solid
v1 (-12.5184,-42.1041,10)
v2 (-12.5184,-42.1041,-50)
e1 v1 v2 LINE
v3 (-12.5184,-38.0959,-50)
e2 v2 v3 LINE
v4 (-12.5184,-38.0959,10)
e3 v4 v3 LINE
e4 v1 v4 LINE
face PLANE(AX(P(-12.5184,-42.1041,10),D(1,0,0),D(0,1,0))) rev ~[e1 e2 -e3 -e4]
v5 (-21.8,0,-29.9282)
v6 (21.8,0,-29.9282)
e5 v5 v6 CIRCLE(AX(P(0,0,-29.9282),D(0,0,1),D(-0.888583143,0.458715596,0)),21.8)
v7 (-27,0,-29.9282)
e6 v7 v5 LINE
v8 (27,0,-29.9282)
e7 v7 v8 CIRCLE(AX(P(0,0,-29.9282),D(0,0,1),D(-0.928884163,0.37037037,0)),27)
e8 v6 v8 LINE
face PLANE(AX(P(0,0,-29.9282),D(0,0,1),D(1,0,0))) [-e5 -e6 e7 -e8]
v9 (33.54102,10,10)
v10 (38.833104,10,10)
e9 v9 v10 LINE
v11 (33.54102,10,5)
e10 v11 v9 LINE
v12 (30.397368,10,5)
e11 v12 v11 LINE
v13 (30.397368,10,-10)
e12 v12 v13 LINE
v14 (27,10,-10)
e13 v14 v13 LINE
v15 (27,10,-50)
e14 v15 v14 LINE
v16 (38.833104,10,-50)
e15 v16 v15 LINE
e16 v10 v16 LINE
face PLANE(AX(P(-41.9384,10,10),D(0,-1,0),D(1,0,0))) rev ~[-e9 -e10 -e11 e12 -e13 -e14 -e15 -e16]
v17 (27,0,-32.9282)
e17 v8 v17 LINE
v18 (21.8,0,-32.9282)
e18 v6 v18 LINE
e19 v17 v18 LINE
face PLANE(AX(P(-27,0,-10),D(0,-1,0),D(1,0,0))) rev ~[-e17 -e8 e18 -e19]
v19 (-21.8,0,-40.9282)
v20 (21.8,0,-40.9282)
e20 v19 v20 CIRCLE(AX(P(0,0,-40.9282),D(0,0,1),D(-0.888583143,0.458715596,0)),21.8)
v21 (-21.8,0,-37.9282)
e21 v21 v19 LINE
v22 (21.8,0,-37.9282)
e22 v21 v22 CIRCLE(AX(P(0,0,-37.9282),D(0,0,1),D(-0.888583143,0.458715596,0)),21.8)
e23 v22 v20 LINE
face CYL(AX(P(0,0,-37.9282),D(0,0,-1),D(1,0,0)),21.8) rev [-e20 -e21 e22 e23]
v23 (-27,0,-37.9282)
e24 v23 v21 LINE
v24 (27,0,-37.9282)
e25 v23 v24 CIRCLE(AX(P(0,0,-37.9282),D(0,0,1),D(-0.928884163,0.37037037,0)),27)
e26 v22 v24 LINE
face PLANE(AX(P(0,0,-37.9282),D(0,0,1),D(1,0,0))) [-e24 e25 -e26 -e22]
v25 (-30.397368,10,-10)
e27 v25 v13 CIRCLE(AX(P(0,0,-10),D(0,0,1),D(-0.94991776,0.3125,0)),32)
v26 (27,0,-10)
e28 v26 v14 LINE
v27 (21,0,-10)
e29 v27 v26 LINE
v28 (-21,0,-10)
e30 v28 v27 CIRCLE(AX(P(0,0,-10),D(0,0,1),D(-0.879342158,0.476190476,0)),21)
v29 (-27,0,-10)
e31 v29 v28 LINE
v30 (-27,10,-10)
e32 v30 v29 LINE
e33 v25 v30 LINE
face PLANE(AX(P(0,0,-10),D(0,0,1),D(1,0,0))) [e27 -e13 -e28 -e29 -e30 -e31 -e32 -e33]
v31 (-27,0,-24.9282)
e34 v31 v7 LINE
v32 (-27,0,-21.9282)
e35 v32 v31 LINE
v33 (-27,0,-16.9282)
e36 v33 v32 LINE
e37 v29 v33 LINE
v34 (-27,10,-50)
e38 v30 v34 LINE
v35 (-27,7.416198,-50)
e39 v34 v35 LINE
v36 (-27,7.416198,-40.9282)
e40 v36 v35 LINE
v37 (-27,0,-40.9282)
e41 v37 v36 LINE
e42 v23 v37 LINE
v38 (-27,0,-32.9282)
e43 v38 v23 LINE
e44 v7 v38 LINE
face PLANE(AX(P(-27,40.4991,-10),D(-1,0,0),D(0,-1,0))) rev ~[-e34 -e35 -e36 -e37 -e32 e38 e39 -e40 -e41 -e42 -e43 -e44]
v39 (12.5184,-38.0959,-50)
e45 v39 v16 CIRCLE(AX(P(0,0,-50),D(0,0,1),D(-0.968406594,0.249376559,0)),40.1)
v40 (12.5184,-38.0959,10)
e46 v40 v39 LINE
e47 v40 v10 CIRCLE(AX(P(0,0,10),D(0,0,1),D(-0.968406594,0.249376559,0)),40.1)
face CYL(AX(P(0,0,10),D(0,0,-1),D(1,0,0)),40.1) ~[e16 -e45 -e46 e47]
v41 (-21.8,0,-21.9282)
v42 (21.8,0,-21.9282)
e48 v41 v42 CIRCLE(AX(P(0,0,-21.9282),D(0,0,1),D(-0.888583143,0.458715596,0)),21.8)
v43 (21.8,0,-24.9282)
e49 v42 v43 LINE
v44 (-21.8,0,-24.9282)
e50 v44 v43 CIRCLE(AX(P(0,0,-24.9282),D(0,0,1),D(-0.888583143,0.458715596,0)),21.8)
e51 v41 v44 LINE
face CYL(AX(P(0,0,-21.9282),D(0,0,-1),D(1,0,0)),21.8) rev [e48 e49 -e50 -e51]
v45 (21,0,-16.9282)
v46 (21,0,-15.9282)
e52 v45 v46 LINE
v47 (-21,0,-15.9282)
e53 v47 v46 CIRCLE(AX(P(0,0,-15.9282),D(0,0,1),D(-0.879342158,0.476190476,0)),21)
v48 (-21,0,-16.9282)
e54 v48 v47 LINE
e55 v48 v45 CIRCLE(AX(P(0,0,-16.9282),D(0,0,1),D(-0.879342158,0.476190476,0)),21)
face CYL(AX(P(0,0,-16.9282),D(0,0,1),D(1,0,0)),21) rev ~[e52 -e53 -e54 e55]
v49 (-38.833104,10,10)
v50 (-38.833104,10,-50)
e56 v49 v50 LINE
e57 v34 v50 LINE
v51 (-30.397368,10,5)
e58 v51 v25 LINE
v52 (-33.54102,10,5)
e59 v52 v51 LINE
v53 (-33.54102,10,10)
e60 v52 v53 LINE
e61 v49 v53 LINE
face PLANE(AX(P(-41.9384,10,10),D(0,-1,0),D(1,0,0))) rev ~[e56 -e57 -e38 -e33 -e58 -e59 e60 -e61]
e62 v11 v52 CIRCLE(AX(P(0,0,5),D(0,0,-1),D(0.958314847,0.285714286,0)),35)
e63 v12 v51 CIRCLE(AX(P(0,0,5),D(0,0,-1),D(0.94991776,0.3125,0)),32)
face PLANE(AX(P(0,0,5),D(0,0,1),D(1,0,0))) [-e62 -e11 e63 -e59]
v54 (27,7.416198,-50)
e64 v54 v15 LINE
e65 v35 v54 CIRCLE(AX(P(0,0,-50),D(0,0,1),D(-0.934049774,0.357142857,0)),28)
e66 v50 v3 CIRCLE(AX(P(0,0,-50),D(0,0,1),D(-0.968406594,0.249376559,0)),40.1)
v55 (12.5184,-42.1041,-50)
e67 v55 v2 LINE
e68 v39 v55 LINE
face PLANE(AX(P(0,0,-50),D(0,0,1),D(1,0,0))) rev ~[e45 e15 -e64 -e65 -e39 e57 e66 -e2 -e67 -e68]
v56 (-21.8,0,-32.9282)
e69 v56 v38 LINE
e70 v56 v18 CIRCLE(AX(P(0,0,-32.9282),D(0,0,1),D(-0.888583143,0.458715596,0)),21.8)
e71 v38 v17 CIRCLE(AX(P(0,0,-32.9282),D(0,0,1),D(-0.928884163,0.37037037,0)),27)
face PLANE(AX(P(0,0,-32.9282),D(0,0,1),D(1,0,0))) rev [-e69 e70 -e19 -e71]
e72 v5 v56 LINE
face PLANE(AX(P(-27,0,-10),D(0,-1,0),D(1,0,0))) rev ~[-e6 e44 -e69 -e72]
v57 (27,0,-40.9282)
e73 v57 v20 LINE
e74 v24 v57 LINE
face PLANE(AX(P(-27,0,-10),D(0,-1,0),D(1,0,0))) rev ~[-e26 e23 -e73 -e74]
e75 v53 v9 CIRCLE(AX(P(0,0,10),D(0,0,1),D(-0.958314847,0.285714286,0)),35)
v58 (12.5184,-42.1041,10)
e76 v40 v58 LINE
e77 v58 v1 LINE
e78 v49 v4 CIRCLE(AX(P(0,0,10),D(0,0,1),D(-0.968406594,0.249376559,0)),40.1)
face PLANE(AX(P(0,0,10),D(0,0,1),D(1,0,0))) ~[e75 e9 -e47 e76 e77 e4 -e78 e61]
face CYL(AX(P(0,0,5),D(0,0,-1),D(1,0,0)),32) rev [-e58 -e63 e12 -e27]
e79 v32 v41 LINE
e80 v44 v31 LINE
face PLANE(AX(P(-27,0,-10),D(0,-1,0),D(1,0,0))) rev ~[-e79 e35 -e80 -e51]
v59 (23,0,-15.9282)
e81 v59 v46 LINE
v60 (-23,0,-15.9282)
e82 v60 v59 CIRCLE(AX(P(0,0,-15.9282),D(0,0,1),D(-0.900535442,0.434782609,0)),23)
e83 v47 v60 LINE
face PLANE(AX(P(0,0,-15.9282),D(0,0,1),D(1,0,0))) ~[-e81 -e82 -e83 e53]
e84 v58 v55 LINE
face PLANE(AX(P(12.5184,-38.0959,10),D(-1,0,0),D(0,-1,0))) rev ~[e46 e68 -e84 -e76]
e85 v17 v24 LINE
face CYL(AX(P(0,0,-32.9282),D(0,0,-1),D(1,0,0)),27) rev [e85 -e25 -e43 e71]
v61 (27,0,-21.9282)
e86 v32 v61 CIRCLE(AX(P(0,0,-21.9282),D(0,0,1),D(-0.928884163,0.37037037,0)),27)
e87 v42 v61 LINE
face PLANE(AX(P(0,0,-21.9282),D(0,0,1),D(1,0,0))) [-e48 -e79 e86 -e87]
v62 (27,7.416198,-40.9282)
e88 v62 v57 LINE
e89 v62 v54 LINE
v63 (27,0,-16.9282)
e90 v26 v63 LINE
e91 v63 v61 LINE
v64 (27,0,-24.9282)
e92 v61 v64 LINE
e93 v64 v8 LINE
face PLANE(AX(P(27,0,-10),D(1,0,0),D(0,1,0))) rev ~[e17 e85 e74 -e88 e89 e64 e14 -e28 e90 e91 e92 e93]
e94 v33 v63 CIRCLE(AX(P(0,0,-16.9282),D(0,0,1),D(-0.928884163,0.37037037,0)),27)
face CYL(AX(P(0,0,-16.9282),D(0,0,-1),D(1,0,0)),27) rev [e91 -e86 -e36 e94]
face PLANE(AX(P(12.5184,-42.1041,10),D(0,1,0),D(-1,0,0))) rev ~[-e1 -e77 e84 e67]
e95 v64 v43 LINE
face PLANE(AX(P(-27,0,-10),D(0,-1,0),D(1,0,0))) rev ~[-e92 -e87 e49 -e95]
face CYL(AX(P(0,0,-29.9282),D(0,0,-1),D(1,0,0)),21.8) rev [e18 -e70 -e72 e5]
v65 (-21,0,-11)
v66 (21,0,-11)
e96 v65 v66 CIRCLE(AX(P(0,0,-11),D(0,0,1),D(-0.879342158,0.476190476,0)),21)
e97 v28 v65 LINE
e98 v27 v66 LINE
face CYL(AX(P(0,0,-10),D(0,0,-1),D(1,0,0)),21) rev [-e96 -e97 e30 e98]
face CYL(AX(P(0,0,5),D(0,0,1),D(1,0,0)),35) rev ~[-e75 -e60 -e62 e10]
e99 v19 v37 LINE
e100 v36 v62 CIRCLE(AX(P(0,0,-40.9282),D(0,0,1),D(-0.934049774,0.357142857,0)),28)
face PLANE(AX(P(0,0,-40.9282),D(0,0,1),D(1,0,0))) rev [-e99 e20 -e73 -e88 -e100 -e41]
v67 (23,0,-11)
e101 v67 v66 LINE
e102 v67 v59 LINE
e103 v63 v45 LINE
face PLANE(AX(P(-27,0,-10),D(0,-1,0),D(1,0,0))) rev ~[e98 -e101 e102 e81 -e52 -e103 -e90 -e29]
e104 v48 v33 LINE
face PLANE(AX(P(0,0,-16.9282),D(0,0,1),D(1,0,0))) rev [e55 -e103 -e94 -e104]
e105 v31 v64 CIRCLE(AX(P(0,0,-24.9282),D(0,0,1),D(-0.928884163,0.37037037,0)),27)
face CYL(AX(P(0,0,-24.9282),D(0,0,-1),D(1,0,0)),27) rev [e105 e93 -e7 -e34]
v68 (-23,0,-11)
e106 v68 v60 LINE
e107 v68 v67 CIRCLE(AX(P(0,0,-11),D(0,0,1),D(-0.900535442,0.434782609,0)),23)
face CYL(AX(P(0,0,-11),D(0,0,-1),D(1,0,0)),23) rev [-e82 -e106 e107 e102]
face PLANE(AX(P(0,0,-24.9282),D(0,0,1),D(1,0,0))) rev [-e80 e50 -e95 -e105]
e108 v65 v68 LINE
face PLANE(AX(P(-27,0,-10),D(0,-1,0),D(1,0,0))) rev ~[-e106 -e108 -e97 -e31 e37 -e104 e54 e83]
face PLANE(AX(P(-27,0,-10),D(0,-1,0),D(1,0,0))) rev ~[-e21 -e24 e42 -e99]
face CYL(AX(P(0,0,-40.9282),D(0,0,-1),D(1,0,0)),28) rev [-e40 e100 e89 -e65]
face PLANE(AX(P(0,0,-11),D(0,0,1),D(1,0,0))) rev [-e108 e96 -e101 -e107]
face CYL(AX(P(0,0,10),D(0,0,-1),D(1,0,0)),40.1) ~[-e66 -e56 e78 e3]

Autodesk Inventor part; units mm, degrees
ref_plane "YZ Plane" through (0, 0, 0) normal (1, 0, 0) x (0, 1, 0)
ref_plane "XZ Plane" through (0, 0, 0) normal (0, 1, 0) x (-1, 0, 0)
ref_plane "XY Plane" through (0, 0, 0) normal (0, 0, 1) x (1, 0, 0)
sketch "Sketch1" plane through (0, 0, 0) normal (0, 1, 0) x (-1, 0, 0)
  line L0 (-35, 10) -> (-40.1, 10)
  line L1 (-40.1, 10) -> (-40.1, -50)
  line L2 (-40.1, -50) -> (-35.1, -50)
  line L3 (-35, 5) -> (-32, 5)
  line L4 (-32, 5) -> (-32, -10)
  line L5 (-32, -10) -> (-23, -10)
  line L6 (-23, -11) -> (-23, -15.9282)
  line L7 (-22, -16.9282) -> (-27, -16.9282)
  line L8 (-27, -16.9282) -> (-27, -21.9282)
  line L9 (-27, -21.9282) -> (-21.8, -21.9282)
  line L10 (-21.8, -21.9282) -> (-21.8, -24.9282)
  line L11 (-21.8, -24.9282) -> (-27, -24.9282)
  line L12 (-27, -24.9282) -> (-27, -29.9282)
  line L13 (-27, -29.9282) -> (-21.8, -29.9282)
  line L14 (-21.8, -29.9282) -> (-21.8, -32.9282)
  line L15 (-21.8, -32.9282) -> (-27, -32.9282)
  line L16 (-27, -32.9282) -> (-27, -37.9282)
  line L17 (-27, -37.9282) -> (-21.8, -37.9282)
  line L18 (-21.8, -37.9282) -> (-21.8, -40.9282)
  line L19 (-21.8, -40.9282) -> (-28, -40.9282)
  line L20 (-23, -10) -> (-21, -10)
  line L21 (-21, -10) -> (-21, -11)
  line L22 (-21, -11) -> (-23, -11)
  line L23 (-22, -16.9282) -> (-21, -16.9282)
  line L24 (-21, -16.9282) -> (-21, -15.9282)
  line L25 (-21, -15.9282) -> (-23, -15.9282)
  line L26 (-28, -40.9282) -> (-28, -50)
  line L27 (-28, -50) -> (-35.1, -50)
  line L28 (-35, 5) -> (-35, 10)
  line L29 (0, -62) -> (0, 22) projected
  point P0 (0, 0)
  point P1 (-33.5, 5)
  dimension "d4" = 3
  dimension "d6" = 23
  dimension "d7" = 5
  dimension "d8" = 5
  dimension "d11" = 3
  dimension "d12" = 5
  dimension "d13" = 3
  dimension "d14" = 5
  dimension "d15" = 3
  dimension "d16" = 2
  dimension "d17" = 1
  dimension "d18" = 1
  dimension "d19" = 28
  dimension "d20" = 27
  dimension "d21" = 27
  dimension "d22" = 23
  dimension "d28" = 15
  dimension "d29" = 5
  dimension "d30" = 32
revolve "Revolution1" add sketch "Sketch1" angle 360 about axis through (0, 0, -10) along (0, 0, 1)
sketch "Sketch2" plane through (0, 0, 10) normal (0, 0, 1) x (1, 0, 0)
  line L0 (-41.9384, 10) -> (42.6332, 10)
  line L1 (42.6332, 10) -> (42.6332, 41.1939)
  line L2 (42.6332, 41.1939) -> (-41.9384, 41.1939)
  line L3 (-41.9384, 41.1939) -> (-41.9384, 10)
  point P0 (0, 0)
extrude "Extrusion1" cut sketch "Sketch2" against normal through all
sketch "Sketch3" plane through (0, 0, -10) normal (0, 0, 1) x (1, 0, 0)
  arc A0 (-25.0799, 10) -> (25.0799, 10) centre (0, 0) ccw projected
  line L0 (-27, 0) -> (27, 0)
  line L1 (27, 0) -> (27, 40.4991)
  line L2 (27, 40.4991) -> (-27, 40.4991)
  line L3 (-27, 40.4991) -> (-27, 0)
extrude "Extrusion2" cut sketch "Sketch3" against normal through all contours L3 L2 L1 L0
sketch "Sketch4" plane through (0, 0, 10) normal (0, 0, 1) x (1, 0, 0)
  arc A0 (-38.8331, 10) -> (38.8331, 10) centre (0, 0) ccw projected
  line L0 (12.5184, -42.1041) -> (-12.5184, -42.1041)
  line L1 (-12.5184, -42.1041) -> (-12.5184, -38.0959)
  line L2 (-12.5184, -38.0959) -> (12.5184, -38.0959)
  line L3 (12.5184, -38.0959) -> (12.5184, -42.1041)
  line L4 (12.5184, -42.1041) -> (-12.5184, -38.0959) construction
  line L5 (-12.5184, -42.1041) -> (12.5184, -38.0959) construction
  point P0 (0, -40.1)
extrude "Extrusion3" add sketch "Sketch4" against normal up to surface (60 mm away)
properties part number "HAL-filter-holder1"
